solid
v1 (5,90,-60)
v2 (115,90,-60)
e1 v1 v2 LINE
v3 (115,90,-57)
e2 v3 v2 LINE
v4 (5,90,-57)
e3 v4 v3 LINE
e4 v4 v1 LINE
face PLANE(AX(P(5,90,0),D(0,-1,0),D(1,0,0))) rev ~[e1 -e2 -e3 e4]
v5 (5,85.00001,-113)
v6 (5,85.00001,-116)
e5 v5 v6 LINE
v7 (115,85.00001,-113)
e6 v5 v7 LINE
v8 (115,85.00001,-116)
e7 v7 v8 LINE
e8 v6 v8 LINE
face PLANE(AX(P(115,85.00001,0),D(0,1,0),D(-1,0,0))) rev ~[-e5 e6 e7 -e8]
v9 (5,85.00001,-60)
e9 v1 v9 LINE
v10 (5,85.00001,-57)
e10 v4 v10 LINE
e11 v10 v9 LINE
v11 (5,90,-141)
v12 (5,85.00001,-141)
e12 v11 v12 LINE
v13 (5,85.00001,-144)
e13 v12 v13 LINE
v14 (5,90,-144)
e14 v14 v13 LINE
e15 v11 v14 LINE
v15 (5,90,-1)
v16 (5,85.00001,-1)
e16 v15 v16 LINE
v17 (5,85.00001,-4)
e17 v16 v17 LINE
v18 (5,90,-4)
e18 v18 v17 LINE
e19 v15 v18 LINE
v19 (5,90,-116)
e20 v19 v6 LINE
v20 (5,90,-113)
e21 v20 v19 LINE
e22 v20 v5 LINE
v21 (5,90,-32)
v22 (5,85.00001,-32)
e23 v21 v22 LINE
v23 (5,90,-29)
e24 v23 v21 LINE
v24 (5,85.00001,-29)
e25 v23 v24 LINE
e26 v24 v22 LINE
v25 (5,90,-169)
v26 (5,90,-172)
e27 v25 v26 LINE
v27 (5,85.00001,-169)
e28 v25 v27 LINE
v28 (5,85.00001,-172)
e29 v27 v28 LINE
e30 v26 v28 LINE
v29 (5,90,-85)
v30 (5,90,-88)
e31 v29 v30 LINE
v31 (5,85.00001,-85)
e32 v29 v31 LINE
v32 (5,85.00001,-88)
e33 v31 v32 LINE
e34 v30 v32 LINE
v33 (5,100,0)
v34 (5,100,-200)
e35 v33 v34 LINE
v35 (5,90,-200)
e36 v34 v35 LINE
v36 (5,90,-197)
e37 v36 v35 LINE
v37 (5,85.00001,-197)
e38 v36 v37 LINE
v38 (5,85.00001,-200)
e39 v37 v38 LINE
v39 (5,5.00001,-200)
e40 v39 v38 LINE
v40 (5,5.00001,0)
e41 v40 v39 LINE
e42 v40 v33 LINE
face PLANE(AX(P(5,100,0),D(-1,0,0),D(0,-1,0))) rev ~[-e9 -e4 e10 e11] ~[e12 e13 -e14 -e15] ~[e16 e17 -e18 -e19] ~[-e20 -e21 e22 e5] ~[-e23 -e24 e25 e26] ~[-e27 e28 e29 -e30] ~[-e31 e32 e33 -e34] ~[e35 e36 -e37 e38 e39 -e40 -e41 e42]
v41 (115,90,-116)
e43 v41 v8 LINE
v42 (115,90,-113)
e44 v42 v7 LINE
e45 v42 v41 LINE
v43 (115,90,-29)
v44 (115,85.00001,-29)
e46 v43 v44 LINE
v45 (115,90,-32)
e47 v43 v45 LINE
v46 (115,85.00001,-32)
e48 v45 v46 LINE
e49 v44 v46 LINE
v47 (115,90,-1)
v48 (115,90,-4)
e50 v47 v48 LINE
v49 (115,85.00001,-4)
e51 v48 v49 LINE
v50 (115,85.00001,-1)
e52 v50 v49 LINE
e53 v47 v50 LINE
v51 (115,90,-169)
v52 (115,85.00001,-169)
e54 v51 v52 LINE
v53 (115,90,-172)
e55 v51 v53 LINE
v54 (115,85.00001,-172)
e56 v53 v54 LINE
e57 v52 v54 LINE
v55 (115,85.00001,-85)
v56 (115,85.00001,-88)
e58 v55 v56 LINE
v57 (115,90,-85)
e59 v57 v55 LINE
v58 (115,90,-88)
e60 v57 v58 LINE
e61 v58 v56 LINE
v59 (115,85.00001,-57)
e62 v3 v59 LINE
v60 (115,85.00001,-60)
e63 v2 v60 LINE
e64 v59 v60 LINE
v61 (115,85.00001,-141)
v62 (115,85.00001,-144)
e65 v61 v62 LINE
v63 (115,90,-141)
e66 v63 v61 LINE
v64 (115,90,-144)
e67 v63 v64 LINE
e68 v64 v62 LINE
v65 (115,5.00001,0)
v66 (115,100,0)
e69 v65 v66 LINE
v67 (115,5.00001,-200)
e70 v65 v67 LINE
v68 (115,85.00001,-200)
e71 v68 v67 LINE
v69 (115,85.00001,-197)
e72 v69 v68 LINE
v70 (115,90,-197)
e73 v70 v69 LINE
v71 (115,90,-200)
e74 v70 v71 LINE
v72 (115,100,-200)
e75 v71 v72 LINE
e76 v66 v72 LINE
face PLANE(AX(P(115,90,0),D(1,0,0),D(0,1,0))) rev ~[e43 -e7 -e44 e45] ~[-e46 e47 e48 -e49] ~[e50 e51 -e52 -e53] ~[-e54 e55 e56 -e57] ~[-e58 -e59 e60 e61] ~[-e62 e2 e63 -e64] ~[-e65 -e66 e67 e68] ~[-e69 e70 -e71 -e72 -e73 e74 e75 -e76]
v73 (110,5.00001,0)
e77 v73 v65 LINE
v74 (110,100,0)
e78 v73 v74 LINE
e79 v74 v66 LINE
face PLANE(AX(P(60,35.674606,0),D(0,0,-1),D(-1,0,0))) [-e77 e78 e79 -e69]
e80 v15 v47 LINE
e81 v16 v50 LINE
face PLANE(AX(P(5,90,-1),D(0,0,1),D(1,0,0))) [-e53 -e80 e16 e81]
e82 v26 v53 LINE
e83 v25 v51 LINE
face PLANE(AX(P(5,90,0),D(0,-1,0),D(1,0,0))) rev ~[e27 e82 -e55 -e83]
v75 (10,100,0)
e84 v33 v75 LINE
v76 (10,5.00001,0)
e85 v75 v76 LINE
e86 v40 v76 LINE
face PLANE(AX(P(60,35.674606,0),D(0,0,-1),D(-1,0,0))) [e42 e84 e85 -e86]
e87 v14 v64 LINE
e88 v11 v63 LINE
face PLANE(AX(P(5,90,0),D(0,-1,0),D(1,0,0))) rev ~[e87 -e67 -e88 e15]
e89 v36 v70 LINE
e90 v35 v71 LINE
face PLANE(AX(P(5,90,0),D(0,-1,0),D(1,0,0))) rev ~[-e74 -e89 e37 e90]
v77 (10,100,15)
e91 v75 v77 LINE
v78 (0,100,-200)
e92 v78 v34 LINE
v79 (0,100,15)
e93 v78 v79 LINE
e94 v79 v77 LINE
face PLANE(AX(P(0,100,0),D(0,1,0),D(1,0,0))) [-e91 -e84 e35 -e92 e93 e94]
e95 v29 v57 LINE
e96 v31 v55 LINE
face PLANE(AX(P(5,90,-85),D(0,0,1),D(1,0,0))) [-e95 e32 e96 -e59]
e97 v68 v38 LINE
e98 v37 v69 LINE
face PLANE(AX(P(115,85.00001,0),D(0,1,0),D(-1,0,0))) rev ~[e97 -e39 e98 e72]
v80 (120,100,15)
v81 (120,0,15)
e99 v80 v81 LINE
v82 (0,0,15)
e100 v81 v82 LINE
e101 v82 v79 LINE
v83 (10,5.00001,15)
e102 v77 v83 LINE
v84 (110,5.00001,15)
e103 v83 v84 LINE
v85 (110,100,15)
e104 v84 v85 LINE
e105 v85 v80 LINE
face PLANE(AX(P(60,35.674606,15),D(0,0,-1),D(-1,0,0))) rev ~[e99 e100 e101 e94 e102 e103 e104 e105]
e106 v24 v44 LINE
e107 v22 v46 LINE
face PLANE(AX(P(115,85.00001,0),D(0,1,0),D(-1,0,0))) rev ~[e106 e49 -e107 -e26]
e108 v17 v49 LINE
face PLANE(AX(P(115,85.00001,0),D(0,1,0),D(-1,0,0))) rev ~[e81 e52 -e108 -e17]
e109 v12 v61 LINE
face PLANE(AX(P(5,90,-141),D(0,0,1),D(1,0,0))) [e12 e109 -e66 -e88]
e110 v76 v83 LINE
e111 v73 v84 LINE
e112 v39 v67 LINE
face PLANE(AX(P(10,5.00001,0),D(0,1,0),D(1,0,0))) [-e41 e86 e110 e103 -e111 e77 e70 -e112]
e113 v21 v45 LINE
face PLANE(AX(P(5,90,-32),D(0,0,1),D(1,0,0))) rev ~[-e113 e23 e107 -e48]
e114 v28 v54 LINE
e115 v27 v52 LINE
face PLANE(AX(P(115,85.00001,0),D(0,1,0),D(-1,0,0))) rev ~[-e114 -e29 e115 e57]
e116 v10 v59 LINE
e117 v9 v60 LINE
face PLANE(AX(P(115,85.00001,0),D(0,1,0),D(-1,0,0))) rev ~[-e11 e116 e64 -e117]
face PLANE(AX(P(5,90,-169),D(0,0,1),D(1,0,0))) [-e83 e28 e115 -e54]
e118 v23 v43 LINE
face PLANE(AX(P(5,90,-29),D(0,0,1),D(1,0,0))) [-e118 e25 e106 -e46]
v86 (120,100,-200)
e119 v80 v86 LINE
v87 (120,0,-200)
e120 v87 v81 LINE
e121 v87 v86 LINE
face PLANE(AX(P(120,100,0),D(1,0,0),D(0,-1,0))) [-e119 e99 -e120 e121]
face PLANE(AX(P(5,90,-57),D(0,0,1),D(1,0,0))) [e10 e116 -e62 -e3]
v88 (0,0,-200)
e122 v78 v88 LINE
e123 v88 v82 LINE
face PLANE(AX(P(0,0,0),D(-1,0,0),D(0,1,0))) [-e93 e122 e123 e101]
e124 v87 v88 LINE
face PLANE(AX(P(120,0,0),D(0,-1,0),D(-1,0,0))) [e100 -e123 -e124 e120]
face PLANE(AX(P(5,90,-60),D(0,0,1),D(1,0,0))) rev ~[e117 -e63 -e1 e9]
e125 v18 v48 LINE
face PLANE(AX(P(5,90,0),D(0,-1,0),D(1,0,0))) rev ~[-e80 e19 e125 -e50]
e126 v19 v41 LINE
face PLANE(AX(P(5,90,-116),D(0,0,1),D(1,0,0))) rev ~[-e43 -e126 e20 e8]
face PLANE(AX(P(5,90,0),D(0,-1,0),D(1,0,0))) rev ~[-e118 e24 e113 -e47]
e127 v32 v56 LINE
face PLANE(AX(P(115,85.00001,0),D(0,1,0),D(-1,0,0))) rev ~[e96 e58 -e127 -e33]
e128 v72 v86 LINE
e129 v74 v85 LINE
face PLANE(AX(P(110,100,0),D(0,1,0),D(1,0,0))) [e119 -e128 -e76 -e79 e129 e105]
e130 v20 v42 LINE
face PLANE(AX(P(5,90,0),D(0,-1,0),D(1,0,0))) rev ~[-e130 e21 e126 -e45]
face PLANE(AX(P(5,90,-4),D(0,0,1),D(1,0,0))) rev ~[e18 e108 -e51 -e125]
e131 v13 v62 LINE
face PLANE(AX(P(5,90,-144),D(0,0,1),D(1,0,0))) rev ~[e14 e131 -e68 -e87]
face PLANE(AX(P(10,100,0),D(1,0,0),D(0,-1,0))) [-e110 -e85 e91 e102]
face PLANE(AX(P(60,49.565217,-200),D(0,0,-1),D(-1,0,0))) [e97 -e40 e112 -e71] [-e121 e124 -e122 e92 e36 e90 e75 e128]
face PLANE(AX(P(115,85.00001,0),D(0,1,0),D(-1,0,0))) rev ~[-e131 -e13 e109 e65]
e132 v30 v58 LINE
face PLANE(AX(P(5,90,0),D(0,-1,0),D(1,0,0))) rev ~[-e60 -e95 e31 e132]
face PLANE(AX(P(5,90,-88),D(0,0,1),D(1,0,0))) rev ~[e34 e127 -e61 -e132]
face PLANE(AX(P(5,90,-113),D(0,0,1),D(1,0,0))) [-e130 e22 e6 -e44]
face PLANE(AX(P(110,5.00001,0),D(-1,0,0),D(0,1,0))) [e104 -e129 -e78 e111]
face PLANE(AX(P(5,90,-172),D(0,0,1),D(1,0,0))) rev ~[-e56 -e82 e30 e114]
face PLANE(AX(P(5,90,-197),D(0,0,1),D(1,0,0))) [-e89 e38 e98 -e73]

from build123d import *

# Parameters (mm, degrees)
BOSS_EXTRUDE1_DEPTH = 200
SKETCH2_W           = 110
SKETCH2_H           = 25
CUT_EXTRUDE1_DEPTH  = 50
BOSS_EXTRUDE2_DEPTH = 15


with BuildPart() as part:
    # Sketch1 → Boss-Extrude1 (new body)
    with BuildSketch(Plane.XY):
        Polygon((0, 5), (0, 0), (120, 0), (120, 5.000009832), (120, 85.000009832), (120, 90), (120, 100), (115, 100), (115, 90), (5, 90), (5, 100), (0, 100), (0, 90), (0, 85), align=None)
        Polygon((115, 45.000009832), (115, 5.000009832), (5, 5.000009832), (5, 45.000009832), (5, 50.000009832), (5, 85.000009832), (115, 85.000009832), (115, 50.000009832), align=None, mode=Mode.SUBTRACT)
    extrude(amount=-BOSS_EXTRUDE1_DEPTH)

    # Sketch2 → Cut-Extrude1 (cut)
    with BuildSketch(Plane(origin=(0, 90, 0), x_dir=(1, 0, 0), z_dir=(0, 1, 0))):
        with Locations((60, 184.5)):
            Rectangle(SKETCH2_W, SKETCH2_H)
        with Locations((60, 156.5)):
            Rectangle(SKETCH2_W, SKETCH2_H)
        with Locations((60, 128.5)):
            Rectangle(SKETCH2_W, SKETCH2_H)
        with Locations((60, 100.5)):
            Rectangle(SKETCH2_W, SKETCH2_H)
        with Locations((60, 72.5)):
            Rectangle(SKETCH2_W, SKETCH2_H)
        with Locations((60, 44.5)):
            Rectangle(SKETCH2_W, SKETCH2_H)
        with Locations((60, 16.5)):
            Rectangle(SKETCH2_W, SKETCH2_H)
        with Locations((60, -11.5)):
            Rectangle(SKETCH2_W, SKETCH2_H)
    extrude(amount=-CUT_EXTRUDE1_DEPTH, mode=Mode.SUBTRACT)

    # Sketch3 → Boss-Extrude2 (add)
    with BuildSketch(Plane.XY):
        Polygon((0, 100), (10, 100), (10, 5.000009832), (110, 5.000009832), (110, 100), (120, 100), (120, 0), (0, 0), align=None)
    extrude(amount=BOSS_EXTRUDE2_DEPTH)


solid = part.part
